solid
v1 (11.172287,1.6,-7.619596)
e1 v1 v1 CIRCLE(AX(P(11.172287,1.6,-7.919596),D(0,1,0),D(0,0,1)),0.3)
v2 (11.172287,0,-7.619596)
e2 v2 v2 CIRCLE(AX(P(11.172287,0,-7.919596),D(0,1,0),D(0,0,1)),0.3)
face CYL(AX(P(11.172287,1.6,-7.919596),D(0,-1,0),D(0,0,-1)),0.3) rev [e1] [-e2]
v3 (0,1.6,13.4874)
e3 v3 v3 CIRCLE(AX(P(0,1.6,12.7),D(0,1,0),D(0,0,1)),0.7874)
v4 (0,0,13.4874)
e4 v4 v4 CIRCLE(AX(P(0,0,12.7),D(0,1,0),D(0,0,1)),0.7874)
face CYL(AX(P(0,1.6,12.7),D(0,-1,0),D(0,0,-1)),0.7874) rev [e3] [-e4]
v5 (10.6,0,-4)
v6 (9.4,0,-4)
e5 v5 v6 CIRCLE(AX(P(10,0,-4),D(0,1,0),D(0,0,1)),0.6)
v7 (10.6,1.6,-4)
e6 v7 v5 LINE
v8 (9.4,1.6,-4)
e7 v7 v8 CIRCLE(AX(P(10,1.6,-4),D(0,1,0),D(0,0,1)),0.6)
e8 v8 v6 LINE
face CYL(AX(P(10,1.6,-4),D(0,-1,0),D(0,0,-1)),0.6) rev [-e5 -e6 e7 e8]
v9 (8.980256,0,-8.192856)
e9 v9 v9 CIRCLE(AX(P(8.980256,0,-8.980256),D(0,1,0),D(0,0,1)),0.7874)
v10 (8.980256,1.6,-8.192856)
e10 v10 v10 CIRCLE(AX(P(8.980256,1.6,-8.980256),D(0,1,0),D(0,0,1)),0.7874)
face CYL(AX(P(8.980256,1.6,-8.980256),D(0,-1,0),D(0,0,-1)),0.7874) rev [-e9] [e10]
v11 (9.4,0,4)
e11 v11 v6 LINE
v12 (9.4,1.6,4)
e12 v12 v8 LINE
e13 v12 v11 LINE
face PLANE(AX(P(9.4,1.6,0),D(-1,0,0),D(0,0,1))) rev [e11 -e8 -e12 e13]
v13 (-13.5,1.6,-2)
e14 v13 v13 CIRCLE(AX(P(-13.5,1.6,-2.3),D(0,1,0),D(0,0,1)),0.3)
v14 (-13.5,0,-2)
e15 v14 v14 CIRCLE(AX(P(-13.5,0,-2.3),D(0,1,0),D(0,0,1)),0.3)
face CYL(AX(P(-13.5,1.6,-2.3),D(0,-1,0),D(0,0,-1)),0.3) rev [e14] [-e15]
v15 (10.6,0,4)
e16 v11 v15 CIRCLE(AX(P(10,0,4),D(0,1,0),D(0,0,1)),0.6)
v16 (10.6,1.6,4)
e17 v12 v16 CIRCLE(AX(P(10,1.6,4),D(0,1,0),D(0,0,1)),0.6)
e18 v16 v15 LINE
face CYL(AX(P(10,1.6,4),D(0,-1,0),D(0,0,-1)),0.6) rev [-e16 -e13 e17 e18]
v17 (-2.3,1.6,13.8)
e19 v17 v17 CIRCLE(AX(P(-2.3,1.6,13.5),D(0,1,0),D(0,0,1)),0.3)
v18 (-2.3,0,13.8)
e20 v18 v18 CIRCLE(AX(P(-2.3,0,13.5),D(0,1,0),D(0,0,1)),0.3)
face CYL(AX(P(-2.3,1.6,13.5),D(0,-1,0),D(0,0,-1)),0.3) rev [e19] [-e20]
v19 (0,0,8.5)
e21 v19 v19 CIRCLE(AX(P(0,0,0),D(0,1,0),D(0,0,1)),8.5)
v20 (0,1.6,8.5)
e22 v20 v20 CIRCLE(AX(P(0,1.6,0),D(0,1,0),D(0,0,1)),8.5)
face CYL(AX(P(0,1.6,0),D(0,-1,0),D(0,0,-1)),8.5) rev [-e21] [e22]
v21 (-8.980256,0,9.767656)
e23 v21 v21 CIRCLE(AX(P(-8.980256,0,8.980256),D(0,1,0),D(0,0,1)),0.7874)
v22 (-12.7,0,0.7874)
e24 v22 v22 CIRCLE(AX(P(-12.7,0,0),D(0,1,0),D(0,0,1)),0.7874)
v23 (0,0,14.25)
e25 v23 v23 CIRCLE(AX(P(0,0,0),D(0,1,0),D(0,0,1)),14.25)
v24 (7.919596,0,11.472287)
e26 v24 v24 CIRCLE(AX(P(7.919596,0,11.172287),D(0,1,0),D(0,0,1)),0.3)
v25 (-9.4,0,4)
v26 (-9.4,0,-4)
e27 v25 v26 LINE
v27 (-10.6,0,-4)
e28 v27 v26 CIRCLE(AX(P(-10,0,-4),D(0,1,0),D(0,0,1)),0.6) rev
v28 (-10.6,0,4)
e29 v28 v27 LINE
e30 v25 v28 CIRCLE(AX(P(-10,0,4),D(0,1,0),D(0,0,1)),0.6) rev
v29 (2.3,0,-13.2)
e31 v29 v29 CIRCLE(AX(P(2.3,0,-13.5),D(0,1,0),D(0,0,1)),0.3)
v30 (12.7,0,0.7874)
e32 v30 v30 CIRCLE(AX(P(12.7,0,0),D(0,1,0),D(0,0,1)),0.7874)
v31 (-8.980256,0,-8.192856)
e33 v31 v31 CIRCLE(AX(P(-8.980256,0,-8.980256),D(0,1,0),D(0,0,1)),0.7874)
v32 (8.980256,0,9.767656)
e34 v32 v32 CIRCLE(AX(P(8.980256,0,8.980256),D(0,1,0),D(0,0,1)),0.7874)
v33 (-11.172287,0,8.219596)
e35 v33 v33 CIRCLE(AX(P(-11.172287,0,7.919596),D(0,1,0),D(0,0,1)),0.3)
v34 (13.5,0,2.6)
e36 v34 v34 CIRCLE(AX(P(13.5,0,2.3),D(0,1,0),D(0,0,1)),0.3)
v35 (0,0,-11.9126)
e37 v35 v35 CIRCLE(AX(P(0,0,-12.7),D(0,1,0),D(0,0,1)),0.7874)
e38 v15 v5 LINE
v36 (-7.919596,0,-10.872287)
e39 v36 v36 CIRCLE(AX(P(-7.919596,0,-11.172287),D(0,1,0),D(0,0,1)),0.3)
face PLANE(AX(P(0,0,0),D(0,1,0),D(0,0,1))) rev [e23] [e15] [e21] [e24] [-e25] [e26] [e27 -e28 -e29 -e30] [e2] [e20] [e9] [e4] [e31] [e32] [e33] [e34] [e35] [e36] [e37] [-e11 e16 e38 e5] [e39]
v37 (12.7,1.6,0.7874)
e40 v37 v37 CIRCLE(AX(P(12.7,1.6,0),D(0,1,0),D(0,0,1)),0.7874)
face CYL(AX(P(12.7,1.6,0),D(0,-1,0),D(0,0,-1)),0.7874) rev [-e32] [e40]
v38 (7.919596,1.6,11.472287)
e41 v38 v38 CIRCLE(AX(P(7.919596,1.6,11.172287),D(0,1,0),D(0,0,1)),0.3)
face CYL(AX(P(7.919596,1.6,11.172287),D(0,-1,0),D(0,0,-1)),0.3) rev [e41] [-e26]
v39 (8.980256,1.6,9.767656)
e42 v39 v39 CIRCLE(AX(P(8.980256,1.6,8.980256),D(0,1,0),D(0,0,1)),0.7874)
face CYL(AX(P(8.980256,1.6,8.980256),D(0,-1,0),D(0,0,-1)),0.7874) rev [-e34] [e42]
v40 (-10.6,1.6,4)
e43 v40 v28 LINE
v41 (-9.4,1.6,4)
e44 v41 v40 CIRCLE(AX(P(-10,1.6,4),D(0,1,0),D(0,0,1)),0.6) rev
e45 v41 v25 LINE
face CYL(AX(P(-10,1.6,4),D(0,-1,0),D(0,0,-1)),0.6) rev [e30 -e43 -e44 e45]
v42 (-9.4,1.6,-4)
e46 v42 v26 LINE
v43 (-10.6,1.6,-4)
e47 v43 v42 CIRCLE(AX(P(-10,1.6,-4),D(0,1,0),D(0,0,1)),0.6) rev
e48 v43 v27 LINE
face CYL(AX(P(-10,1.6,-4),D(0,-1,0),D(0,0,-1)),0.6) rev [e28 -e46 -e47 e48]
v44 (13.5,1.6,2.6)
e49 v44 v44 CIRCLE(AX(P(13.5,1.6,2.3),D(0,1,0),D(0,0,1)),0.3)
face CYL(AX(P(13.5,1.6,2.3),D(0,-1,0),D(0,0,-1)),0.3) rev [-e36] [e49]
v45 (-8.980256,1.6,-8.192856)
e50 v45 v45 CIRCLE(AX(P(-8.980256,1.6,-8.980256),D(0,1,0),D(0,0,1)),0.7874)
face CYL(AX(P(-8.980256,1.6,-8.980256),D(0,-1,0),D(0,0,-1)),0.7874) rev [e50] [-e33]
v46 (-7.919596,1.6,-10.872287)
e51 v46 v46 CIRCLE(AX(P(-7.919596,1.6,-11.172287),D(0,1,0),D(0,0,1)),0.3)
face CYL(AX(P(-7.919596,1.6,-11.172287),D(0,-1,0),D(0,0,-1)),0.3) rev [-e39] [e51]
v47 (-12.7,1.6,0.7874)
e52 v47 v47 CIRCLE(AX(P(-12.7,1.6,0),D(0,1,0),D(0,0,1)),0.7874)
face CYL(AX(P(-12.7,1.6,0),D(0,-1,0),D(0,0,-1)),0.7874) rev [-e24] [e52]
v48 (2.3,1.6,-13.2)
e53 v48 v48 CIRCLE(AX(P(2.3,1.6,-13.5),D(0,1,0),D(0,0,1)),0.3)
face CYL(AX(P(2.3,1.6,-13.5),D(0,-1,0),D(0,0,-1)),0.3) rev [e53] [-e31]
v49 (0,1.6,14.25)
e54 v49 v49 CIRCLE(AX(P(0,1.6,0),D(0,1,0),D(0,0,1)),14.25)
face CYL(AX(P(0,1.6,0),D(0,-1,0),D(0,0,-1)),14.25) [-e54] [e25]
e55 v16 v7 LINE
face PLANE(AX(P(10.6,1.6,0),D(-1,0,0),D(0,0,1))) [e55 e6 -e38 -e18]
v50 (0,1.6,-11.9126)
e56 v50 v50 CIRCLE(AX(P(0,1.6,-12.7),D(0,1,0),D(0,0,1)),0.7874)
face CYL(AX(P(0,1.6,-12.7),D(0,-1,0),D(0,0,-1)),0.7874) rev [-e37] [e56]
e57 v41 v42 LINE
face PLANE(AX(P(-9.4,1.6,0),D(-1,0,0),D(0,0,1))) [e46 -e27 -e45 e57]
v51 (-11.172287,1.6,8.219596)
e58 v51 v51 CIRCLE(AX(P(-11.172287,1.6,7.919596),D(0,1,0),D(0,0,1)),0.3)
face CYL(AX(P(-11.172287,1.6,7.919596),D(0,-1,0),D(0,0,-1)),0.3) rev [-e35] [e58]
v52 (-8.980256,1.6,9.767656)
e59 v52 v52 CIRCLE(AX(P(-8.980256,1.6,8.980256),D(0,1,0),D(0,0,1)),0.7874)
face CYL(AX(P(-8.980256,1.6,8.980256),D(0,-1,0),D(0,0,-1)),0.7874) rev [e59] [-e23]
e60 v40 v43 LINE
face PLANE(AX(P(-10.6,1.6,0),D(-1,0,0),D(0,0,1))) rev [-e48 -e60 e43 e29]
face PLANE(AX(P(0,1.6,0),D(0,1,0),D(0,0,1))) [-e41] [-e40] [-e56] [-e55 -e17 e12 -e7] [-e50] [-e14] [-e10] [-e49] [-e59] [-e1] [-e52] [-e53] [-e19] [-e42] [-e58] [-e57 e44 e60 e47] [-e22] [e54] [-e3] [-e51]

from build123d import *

# Parameters (mm, degrees)
SKETCH1_R           = 14.25
SKETCH1_R_2         = 0.3
SKETCH1_R_3         = 0.7874
SKETCH1_R_4         = 8.5
BOSS_EXTRUDE1_DEPTH = 1.6


with BuildPart() as part:
    # Sketch1 → Boss-Extrude1 (new body)
    with BuildSketch(Plane(origin=(0, 0, 0), x_dir=(1, 0, 0), z_dir=(0, 1, 0))):
        Circle(SKETCH1_R)
        with Locations((-11.172287143, -7.919595949)):
            Circle(SKETCH1_R_2, mode=Mode.SUBTRACT)
        with Locations((-8.980256121, -8.980256121)):
            Circle(SKETCH1_R_3, mode=Mode.SUBTRACT)
        with Locations((-2.3, -13.5)):
            Circle(SKETCH1_R_2, mode=Mode.SUBTRACT)
        with Locations((0, -12.7)):
            Circle(SKETCH1_R_3, mode=Mode.SUBTRACT)
        with Locations((7.919595949, -11.172287143)):
            Circle(SKETCH1_R_2, mode=Mode.SUBTRACT)
        with Locations((8.980256121, -8.980256121)):
            Circle(SKETCH1_R_3, mode=Mode.SUBTRACT)
        with Locations((13.5, -2.3)):
            Circle(SKETCH1_R_2, mode=Mode.SUBTRACT)
        with Locations((12.7, 0)):
            Circle(SKETCH1_R_3, mode=Mode.SUBTRACT)
        with Locations((-12.7, 0)):
            Circle(SKETCH1_R_3, mode=Mode.SUBTRACT)
        with Locations((-13.5, 2.3)):
            Circle(SKETCH1_R_2, mode=Mode.SUBTRACT)
        with BuildLine():
            Line((-9.4, 4), (-9.4, -4))
            ThreePointArc((-9.4, -4), (-10, -4.6), (-10.6, -4))
            Line((-10.6, -4), (-10.6, 4))
            ThreePointArc((-10.6, 4), (-10, 4.6), (-9.4, 4))
        make_face(mode=Mode.SUBTRACT)
        with Locations((-8.980256121, 8.980256121)):
            Circle(SKETCH1_R_3, mode=Mode.SUBTRACT)
        with Locations((-7.919595949, 11.172287143)):
            Circle(SKETCH1_R_2, mode=Mode.SUBTRACT)
        Circle(SKETCH1_R_4, mode=Mode.SUBTRACT)
        with BuildLine():
            ThreePointArc((10.6, -4), (10, -4.6), (9.4, -4))
            Line((9.4, -4), (9.4, 4))
            ThreePointArc((9.4, 4), (10, 4.6), (10.6, 4))
            Line((10.6, 4), (10.6, -4))
        make_face(mode=Mode.SUBTRACT)
        with Locations((0, 12.7)):
            Circle(SKETCH1_R_3, mode=Mode.SUBTRACT)
        with Locations((2.3, 13.5)):
            Circle(SKETCH1_R_2, mode=Mode.SUBTRACT)
        with Locations((8.980256121, 8.980256121)):
            Circle(SKETCH1_R_3, mode=Mode.SUBTRACT)
        with Locations((11.172287143, 7.919595949)):
            Circle(SKETCH1_R_2, mode=Mode.SUBTRACT)
    extrude(amount=BOSS_EXTRUDE1_DEPTH)


solid = part.part
